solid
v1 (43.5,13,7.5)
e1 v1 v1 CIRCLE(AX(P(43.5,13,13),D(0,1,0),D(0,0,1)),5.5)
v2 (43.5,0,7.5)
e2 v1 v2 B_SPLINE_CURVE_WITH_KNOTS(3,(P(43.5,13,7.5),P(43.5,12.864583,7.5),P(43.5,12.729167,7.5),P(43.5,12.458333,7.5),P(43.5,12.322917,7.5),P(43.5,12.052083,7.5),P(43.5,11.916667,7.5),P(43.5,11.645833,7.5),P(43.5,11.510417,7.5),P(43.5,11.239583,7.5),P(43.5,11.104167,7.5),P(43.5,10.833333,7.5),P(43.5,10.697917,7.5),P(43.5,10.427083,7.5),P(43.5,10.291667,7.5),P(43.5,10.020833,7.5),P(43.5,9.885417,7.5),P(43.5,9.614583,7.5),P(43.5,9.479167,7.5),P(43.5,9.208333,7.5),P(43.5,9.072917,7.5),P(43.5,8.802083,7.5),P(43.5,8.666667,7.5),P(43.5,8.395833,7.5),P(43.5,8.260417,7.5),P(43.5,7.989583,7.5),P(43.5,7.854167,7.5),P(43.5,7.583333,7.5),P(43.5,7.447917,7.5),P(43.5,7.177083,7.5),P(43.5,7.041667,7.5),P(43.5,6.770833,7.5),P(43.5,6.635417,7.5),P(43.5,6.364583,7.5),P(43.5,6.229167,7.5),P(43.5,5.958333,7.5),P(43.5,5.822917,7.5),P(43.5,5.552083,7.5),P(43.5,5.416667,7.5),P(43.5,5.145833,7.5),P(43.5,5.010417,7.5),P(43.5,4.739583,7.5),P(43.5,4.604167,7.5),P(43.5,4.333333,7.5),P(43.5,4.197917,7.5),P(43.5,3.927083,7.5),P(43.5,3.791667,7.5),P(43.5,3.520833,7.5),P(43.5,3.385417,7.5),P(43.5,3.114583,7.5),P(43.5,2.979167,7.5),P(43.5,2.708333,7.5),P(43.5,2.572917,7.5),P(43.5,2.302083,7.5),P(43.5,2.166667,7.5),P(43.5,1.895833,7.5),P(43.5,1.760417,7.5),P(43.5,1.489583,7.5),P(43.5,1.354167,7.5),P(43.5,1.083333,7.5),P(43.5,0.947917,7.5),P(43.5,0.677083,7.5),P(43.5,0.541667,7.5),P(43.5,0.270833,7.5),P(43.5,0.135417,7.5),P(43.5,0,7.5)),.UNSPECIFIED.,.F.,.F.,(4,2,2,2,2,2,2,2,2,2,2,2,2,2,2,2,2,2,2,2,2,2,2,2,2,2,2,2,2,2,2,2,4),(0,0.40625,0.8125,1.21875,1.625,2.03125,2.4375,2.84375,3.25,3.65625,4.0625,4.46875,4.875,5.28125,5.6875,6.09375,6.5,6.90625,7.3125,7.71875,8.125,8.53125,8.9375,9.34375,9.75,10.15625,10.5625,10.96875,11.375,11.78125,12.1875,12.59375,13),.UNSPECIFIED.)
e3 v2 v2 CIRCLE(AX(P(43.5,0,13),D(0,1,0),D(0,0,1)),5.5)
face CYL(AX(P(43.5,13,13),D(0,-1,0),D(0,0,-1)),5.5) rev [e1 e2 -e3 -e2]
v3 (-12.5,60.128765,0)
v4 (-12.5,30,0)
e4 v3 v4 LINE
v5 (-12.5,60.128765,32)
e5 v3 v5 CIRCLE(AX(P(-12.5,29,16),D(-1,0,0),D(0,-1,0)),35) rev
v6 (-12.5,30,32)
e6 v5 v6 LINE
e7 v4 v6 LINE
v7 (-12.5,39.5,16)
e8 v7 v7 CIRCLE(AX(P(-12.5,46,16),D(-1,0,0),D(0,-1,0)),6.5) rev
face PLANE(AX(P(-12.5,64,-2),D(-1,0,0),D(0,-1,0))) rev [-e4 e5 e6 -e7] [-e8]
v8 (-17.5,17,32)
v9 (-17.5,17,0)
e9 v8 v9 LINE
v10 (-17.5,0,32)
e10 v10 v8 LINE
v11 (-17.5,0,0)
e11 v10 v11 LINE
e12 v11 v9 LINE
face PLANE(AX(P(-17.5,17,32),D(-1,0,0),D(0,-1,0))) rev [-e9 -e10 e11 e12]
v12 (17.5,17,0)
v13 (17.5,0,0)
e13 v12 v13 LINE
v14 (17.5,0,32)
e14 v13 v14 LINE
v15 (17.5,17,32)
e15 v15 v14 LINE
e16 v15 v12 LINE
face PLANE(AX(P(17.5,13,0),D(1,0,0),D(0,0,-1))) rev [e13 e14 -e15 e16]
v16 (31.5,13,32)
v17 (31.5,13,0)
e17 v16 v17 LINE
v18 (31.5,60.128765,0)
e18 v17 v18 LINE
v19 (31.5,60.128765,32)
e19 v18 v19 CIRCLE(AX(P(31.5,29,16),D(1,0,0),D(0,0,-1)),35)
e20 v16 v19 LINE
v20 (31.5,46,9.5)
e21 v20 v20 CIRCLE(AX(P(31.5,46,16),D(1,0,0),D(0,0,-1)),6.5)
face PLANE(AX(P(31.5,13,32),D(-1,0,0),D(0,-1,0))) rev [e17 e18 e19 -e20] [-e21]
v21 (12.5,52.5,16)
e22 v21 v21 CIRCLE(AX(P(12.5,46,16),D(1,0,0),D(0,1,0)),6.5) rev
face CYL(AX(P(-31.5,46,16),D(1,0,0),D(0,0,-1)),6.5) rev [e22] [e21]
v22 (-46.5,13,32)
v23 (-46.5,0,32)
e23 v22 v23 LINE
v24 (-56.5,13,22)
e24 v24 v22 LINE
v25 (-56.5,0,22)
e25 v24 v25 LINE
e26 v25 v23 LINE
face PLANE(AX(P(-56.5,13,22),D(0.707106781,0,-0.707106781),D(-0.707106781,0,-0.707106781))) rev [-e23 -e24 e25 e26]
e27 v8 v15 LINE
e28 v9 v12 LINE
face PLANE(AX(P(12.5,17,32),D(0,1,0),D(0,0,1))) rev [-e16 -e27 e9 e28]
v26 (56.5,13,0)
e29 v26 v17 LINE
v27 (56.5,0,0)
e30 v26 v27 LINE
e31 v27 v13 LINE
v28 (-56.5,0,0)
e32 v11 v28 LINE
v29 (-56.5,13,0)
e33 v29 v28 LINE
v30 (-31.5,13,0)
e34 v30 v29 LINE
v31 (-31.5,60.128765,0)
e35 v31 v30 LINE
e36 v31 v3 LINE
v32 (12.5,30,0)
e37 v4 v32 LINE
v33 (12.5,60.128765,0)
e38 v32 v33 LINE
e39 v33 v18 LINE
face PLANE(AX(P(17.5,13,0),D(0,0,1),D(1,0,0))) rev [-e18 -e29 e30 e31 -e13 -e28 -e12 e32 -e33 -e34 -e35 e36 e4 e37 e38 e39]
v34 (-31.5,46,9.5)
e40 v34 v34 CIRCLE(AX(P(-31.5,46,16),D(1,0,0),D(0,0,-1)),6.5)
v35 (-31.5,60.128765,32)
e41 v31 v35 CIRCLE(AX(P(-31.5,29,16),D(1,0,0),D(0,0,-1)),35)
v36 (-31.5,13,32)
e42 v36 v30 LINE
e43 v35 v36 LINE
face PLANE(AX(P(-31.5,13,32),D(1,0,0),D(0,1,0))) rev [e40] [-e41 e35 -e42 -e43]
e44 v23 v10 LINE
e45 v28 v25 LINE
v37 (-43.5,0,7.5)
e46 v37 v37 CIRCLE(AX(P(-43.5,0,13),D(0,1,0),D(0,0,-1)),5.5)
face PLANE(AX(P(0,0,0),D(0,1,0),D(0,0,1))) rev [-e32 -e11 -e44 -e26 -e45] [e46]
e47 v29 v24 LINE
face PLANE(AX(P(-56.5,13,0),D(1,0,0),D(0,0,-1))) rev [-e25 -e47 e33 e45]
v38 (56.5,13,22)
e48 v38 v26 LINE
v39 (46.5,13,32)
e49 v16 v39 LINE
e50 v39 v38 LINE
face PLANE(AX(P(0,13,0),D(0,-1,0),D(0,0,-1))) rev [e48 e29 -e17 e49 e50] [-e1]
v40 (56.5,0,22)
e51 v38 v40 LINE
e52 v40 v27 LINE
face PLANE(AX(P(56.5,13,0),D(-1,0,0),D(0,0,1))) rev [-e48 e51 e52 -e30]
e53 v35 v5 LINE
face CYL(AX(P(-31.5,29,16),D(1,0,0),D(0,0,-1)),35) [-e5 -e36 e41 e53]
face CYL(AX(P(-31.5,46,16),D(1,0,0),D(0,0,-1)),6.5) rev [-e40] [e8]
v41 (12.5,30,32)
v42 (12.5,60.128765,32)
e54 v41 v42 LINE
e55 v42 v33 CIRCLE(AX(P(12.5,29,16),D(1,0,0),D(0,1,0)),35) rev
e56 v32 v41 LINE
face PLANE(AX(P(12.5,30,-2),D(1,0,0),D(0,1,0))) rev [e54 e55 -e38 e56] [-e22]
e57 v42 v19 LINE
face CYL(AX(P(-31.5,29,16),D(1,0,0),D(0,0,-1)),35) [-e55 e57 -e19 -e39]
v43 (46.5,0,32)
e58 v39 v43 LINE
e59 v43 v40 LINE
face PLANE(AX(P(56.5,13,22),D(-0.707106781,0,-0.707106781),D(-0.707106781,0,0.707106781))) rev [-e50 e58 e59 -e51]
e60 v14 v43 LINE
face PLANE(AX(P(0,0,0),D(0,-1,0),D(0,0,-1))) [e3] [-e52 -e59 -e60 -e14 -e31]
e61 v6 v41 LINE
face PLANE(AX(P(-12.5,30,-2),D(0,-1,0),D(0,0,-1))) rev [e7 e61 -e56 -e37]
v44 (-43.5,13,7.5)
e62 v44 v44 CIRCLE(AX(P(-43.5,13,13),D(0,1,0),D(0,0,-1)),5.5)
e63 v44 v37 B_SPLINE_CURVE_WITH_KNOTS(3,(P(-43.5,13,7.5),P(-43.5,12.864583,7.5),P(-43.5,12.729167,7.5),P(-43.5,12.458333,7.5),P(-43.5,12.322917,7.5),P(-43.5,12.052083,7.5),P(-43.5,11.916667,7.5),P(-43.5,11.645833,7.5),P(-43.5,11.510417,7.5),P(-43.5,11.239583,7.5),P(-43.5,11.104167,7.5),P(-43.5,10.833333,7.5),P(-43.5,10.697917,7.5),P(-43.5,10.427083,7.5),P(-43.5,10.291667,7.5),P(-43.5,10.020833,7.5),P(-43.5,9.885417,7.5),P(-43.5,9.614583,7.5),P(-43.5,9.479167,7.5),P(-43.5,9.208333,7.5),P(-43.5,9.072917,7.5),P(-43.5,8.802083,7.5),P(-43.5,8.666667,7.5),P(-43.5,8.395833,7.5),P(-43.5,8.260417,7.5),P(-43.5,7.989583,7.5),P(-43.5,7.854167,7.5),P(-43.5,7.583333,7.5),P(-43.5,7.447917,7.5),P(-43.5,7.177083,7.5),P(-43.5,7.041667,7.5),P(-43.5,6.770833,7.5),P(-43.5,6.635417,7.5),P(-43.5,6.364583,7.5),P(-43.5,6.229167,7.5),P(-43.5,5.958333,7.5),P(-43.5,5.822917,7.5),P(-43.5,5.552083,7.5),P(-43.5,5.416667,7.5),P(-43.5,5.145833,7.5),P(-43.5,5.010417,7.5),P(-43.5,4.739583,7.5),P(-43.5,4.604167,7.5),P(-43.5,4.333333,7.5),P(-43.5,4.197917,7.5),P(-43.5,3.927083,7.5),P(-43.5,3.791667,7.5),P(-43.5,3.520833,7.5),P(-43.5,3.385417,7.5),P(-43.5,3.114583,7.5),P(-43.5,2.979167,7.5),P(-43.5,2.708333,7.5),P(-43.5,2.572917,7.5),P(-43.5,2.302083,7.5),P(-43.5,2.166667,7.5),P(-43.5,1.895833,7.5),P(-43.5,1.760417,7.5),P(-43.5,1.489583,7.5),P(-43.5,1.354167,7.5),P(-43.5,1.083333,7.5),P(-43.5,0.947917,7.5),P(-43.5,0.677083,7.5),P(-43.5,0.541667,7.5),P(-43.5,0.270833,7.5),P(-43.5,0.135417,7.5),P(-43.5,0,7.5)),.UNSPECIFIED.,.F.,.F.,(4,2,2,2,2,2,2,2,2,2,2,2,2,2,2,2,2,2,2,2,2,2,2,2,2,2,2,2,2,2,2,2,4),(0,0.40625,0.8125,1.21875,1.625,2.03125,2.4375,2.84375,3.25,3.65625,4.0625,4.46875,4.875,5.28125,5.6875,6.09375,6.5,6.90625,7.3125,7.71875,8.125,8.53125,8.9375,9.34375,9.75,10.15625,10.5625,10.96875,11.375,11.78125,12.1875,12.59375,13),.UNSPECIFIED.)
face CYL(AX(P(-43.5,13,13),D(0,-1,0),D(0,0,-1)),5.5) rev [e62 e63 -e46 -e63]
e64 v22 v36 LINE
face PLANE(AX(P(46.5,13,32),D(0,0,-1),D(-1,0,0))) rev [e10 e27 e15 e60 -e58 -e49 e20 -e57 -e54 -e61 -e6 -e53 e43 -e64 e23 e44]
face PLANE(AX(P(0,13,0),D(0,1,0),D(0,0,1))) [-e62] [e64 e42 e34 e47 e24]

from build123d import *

# Parameters (mm, degrees)
SKETCH2_R                = 5.5
BOSS_EXTRUDE1_DEPTH      = 13
BOSS_EXTRUDE1_2_DEPTH    = 13
BOSS_EXTRUDE2_DEPTH      = 32
BOSS_EXTRUDE3_DEPTH      = 19
BOSS_EXTRUDE3_DEPTH_BACK = 44
SKETCH6_R                = 6.5
SKETCH9_W                = 25
SKETCH9_H                = 34
CUT_EXTRUDE1_DEPTH       = 34


with BuildPart() as part:
    # Sketch2 → Boss-Extrude1 (new body)
    with BuildSketch(Plane(origin=(0, 0, 0), x_dir=(1, 0, 0), z_dir=(0, 1, 0))):
        Polygon((17.5, 0), (56.5, 0), (56.5, -22), (46.5, -32), (17.5, -32), align=None)
        with Locations(Location((43.5, -13, 0), (0, 0, 90))):
            Circle(SKETCH2_R, mode=Mode.SUBTRACT)
    extrude(amount=BOSS_EXTRUDE1_DEPTH)



with BuildPart() as body_2:
    # Sketch2 → Boss-Extrude1 2 (new body)
    with BuildSketch(Plane(origin=(0, 0, 0), x_dir=(1, 0, 0), z_dir=(0, 1, 0))):
        Polygon((-17.5, 0), (-17.5, -32), (-46.5, -32), (-56.5, -22), (-56.5, 0), align=None)
        with Locations(Location((-43.5, -13, 0), (0, 0, 90))):
            Circle(SKETCH2_R, mode=Mode.SUBTRACT)
    extrude(amount=BOSS_EXTRUDE1_2_DEPTH)


with BuildPart() as part_1:
    add(part.part)

    add(body_2.part)  # Boss-Extrude2 merges body 2
    # Sketch3 → Boss-Extrude2 (add)
    with BuildSketch(Plane.XY):
        Polygon((-17.5, 13), (-31.5, 13), (-31.5, 29), (-12.5, 29), (-12.5, 30), (12.5, 30), (12.5, 29), (31.5, 29), (31.5, 13), (17.5, 13), (17.5, 17), (12.5, 17), (-12.5, 17), (-17.5, 17), align=None)
    extrude(amount=BOSS_EXTRUDE2_DEPTH)

    # Sketch6 → Boss-Extrude3 (add, two sides: drawn at the far end of the back side and taken through both)
    with BuildSketch(Plane(origin=(12.5, 0, 0), x_dir=(0, 0, -1), z_dir=(1, 0, 0)).offset(-BOSS_EXTRUDE3_DEPTH_BACK)):
        with BuildLine():
            Line((-32, 29), (0, 29))
            Line((0, 29), (0, 60.128764833))
            ThreePointArc((0, 60.128764833), (-16, 64), (-32, 60.128764833))
            Line((-32, 60.128764833), (-32, 29))
        make_face()
        with Locations((-16, 46)):
            Circle(SKETCH6_R, mode=Mode.SUBTRACT)
    extrude(amount=BOSS_EXTRUDE3_DEPTH + BOSS_EXTRUDE3_DEPTH_BACK)

    # Sketch9 → Cut-Extrude1 (cut)
    with BuildSketch(Plane.XY.offset(32)):
        with Locations((0, 47)):
            Rectangle(SKETCH9_W, SKETCH9_H)
    extrude(amount=-CUT_EXTRUDE1_DEPTH, mode=Mode.SUBTRACT)


solid = part_1.part
